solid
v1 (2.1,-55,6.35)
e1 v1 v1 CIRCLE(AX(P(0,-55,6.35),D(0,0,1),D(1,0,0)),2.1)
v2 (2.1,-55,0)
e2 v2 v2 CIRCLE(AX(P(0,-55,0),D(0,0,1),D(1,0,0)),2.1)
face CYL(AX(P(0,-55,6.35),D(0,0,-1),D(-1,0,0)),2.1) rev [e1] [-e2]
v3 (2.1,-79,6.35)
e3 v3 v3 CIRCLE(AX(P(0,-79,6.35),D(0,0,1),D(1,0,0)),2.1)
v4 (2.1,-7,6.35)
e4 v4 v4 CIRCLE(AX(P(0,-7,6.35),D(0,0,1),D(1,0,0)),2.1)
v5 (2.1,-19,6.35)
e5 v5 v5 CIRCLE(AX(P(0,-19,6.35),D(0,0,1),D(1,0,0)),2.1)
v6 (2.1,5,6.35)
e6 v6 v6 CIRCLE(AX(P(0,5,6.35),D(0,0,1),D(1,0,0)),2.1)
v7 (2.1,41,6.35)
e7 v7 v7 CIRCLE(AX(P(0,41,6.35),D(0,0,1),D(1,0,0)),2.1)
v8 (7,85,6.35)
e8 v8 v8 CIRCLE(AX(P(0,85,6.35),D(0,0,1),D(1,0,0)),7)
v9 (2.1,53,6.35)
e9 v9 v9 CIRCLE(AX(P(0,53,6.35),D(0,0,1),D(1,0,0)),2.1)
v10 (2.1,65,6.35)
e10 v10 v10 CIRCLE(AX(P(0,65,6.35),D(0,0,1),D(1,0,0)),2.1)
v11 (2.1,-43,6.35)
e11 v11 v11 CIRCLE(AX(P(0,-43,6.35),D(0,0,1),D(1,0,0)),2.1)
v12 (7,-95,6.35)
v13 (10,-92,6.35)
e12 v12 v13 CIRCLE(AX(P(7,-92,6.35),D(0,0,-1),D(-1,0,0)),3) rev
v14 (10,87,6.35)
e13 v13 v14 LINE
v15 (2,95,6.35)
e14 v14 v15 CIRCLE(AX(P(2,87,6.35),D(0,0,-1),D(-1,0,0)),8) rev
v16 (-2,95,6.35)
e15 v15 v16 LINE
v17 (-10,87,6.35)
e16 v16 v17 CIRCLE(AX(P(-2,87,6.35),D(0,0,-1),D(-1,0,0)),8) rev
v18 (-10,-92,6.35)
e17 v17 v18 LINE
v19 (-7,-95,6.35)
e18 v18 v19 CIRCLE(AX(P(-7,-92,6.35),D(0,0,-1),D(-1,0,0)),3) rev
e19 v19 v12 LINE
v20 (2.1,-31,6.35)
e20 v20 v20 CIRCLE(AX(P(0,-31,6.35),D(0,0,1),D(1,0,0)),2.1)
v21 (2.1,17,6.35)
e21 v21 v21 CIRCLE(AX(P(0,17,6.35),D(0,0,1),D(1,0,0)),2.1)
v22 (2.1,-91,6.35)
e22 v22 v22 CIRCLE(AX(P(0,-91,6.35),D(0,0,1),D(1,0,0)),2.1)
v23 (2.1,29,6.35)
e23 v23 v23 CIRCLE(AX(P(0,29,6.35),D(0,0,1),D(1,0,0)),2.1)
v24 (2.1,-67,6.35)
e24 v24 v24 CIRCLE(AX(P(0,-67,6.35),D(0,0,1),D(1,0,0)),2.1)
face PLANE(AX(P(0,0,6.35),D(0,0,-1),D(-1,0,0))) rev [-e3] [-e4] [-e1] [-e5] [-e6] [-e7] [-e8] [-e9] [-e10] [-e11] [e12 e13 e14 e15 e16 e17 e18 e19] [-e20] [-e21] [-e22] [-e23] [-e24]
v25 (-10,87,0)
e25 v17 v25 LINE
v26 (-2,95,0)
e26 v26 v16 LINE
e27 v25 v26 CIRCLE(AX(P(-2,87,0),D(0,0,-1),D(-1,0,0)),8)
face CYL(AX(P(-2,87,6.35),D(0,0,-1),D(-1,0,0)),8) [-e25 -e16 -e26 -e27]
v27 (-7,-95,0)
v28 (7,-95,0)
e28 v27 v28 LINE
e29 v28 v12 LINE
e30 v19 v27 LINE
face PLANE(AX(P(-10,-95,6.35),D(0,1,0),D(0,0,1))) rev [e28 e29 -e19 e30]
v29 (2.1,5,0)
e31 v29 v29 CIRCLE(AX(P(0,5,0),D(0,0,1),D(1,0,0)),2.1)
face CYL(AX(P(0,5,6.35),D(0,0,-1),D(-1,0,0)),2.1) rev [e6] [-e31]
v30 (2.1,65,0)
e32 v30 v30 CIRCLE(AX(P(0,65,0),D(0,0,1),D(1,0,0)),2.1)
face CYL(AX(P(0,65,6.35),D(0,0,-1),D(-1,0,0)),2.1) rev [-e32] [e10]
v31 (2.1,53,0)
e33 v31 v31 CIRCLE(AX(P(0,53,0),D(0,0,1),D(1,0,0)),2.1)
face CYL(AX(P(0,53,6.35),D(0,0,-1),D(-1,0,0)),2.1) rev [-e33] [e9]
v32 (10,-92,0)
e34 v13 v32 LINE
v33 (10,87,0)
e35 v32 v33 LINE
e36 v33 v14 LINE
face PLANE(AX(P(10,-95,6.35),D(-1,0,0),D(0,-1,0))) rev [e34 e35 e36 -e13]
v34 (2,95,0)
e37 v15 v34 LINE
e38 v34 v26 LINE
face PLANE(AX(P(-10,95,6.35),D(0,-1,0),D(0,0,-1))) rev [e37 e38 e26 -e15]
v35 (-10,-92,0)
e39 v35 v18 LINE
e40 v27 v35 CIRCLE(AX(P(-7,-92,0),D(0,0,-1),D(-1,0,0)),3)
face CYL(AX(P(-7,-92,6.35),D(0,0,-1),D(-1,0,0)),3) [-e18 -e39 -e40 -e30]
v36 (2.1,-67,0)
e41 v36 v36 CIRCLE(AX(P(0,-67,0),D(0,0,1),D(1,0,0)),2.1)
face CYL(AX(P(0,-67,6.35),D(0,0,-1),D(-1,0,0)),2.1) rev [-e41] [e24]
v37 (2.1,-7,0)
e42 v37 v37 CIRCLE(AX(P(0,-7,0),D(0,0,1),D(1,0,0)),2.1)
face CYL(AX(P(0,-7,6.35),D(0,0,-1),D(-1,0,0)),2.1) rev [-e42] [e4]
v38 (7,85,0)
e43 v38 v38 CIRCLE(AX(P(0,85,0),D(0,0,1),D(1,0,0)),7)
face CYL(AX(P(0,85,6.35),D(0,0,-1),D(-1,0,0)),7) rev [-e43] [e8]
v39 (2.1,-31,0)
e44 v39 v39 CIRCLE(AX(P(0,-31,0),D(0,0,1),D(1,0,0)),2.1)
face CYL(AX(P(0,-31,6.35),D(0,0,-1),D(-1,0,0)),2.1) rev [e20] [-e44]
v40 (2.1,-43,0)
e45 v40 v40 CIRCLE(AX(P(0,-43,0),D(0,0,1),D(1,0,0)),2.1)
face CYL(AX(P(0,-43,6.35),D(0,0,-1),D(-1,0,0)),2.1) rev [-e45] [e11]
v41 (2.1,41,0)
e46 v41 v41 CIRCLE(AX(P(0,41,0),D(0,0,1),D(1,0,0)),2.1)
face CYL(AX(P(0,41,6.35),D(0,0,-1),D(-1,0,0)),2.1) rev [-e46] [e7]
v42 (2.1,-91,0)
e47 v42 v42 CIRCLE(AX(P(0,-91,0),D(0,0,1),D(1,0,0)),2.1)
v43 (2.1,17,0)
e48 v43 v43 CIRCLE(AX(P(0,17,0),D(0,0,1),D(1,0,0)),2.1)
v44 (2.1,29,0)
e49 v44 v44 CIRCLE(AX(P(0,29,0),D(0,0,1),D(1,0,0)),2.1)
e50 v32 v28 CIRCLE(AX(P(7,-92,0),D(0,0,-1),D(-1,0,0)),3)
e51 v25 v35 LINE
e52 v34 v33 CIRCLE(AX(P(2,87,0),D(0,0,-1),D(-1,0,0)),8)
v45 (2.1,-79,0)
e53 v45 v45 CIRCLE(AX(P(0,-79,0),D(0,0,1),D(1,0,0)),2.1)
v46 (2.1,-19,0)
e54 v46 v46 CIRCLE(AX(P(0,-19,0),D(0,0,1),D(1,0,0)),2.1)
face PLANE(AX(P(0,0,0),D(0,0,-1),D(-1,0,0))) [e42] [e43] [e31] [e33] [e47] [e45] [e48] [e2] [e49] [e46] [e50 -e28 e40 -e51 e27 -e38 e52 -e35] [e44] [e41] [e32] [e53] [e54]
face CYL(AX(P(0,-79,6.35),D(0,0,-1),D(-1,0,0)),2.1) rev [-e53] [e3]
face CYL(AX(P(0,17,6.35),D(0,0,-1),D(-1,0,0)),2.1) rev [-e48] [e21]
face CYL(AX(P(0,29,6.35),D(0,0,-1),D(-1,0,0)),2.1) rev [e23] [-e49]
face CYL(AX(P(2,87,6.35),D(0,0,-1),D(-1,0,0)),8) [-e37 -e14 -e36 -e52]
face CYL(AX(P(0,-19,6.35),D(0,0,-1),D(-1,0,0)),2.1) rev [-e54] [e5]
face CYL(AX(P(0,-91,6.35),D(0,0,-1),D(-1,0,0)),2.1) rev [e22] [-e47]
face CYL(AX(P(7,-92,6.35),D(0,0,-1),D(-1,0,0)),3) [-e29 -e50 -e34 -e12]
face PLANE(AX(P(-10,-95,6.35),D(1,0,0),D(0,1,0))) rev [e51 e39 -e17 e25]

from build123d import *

# Parameters (mm, degrees)
SKETCH1_W           = 20
SKETCH1_H           = 190
SKETCH1_R           = 2.1
SKETCH1_R_2         = 7
BOSS_EXTRUDE1_DEPTH = 6.35
FILLET1_R           = 3
FILLET2_R           = 8


with BuildPart() as part:
    # Sketch1 → Boss-Extrude1 (new body)
    with BuildSketch(Plane.XY):
        Rectangle(SKETCH1_W, SKETCH1_H)
        with Locations((0, -91)):
            Circle(SKETCH1_R, mode=Mode.SUBTRACT)
        with Locations((0, -79)):
            Circle(SKETCH1_R, mode=Mode.SUBTRACT)
        with Locations((0, -67)):
            Circle(SKETCH1_R, mode=Mode.SUBTRACT)
        with Locations((0, -55)):
            Circle(SKETCH1_R, mode=Mode.SUBTRACT)
        with Locations((0, -43)):
            Circle(SKETCH1_R, mode=Mode.SUBTRACT)
        with Locations((0, -31)):
            Circle(SKETCH1_R, mode=Mode.SUBTRACT)
        with Locations((0, -19)):
            Circle(SKETCH1_R, mode=Mode.SUBTRACT)
        with Locations((0, 85)):
            Circle(SKETCH1_R_2, mode=Mode.SUBTRACT)
        with Locations((0, -7)):
            Circle(SKETCH1_R, mode=Mode.SUBTRACT)
        with Locations((0, 5)):
            Circle(SKETCH1_R, mode=Mode.SUBTRACT)
        with Locations((0, 17)):
            Circle(SKETCH1_R, mode=Mode.SUBTRACT)
        with Locations((0, 29)):
            Circle(SKETCH1_R, mode=Mode.SUBTRACT)
        with Locations((0, 41)):
            Circle(SKETCH1_R, mode=Mode.SUBTRACT)
        with Locations((0, 53)):
            Circle(SKETCH1_R, mode=Mode.SUBTRACT)
        with Locations((0, 65)):
            Circle(SKETCH1_R, mode=Mode.SUBTRACT)
    extrude(amount=BOSS_EXTRUDE1_DEPTH)

    # Fillet1
    fillet1_edges = [part.edges().sort_by_distance(p)[0] for p in [
        (10, -95, 3.175),
        (-10, -95, 3.175),
    ]]
    fillet(fillet1_edges, radius=FILLET1_R)

    # Fillet2
    fillet2_edges = [part.edges().sort_by_distance(p)[0] for p in [
        (-10, 95, 3.175),
        (10, 95, 3.175),
    ]]
    fillet(fillet2_edges, radius=FILLET2_R)


solid = part.part
